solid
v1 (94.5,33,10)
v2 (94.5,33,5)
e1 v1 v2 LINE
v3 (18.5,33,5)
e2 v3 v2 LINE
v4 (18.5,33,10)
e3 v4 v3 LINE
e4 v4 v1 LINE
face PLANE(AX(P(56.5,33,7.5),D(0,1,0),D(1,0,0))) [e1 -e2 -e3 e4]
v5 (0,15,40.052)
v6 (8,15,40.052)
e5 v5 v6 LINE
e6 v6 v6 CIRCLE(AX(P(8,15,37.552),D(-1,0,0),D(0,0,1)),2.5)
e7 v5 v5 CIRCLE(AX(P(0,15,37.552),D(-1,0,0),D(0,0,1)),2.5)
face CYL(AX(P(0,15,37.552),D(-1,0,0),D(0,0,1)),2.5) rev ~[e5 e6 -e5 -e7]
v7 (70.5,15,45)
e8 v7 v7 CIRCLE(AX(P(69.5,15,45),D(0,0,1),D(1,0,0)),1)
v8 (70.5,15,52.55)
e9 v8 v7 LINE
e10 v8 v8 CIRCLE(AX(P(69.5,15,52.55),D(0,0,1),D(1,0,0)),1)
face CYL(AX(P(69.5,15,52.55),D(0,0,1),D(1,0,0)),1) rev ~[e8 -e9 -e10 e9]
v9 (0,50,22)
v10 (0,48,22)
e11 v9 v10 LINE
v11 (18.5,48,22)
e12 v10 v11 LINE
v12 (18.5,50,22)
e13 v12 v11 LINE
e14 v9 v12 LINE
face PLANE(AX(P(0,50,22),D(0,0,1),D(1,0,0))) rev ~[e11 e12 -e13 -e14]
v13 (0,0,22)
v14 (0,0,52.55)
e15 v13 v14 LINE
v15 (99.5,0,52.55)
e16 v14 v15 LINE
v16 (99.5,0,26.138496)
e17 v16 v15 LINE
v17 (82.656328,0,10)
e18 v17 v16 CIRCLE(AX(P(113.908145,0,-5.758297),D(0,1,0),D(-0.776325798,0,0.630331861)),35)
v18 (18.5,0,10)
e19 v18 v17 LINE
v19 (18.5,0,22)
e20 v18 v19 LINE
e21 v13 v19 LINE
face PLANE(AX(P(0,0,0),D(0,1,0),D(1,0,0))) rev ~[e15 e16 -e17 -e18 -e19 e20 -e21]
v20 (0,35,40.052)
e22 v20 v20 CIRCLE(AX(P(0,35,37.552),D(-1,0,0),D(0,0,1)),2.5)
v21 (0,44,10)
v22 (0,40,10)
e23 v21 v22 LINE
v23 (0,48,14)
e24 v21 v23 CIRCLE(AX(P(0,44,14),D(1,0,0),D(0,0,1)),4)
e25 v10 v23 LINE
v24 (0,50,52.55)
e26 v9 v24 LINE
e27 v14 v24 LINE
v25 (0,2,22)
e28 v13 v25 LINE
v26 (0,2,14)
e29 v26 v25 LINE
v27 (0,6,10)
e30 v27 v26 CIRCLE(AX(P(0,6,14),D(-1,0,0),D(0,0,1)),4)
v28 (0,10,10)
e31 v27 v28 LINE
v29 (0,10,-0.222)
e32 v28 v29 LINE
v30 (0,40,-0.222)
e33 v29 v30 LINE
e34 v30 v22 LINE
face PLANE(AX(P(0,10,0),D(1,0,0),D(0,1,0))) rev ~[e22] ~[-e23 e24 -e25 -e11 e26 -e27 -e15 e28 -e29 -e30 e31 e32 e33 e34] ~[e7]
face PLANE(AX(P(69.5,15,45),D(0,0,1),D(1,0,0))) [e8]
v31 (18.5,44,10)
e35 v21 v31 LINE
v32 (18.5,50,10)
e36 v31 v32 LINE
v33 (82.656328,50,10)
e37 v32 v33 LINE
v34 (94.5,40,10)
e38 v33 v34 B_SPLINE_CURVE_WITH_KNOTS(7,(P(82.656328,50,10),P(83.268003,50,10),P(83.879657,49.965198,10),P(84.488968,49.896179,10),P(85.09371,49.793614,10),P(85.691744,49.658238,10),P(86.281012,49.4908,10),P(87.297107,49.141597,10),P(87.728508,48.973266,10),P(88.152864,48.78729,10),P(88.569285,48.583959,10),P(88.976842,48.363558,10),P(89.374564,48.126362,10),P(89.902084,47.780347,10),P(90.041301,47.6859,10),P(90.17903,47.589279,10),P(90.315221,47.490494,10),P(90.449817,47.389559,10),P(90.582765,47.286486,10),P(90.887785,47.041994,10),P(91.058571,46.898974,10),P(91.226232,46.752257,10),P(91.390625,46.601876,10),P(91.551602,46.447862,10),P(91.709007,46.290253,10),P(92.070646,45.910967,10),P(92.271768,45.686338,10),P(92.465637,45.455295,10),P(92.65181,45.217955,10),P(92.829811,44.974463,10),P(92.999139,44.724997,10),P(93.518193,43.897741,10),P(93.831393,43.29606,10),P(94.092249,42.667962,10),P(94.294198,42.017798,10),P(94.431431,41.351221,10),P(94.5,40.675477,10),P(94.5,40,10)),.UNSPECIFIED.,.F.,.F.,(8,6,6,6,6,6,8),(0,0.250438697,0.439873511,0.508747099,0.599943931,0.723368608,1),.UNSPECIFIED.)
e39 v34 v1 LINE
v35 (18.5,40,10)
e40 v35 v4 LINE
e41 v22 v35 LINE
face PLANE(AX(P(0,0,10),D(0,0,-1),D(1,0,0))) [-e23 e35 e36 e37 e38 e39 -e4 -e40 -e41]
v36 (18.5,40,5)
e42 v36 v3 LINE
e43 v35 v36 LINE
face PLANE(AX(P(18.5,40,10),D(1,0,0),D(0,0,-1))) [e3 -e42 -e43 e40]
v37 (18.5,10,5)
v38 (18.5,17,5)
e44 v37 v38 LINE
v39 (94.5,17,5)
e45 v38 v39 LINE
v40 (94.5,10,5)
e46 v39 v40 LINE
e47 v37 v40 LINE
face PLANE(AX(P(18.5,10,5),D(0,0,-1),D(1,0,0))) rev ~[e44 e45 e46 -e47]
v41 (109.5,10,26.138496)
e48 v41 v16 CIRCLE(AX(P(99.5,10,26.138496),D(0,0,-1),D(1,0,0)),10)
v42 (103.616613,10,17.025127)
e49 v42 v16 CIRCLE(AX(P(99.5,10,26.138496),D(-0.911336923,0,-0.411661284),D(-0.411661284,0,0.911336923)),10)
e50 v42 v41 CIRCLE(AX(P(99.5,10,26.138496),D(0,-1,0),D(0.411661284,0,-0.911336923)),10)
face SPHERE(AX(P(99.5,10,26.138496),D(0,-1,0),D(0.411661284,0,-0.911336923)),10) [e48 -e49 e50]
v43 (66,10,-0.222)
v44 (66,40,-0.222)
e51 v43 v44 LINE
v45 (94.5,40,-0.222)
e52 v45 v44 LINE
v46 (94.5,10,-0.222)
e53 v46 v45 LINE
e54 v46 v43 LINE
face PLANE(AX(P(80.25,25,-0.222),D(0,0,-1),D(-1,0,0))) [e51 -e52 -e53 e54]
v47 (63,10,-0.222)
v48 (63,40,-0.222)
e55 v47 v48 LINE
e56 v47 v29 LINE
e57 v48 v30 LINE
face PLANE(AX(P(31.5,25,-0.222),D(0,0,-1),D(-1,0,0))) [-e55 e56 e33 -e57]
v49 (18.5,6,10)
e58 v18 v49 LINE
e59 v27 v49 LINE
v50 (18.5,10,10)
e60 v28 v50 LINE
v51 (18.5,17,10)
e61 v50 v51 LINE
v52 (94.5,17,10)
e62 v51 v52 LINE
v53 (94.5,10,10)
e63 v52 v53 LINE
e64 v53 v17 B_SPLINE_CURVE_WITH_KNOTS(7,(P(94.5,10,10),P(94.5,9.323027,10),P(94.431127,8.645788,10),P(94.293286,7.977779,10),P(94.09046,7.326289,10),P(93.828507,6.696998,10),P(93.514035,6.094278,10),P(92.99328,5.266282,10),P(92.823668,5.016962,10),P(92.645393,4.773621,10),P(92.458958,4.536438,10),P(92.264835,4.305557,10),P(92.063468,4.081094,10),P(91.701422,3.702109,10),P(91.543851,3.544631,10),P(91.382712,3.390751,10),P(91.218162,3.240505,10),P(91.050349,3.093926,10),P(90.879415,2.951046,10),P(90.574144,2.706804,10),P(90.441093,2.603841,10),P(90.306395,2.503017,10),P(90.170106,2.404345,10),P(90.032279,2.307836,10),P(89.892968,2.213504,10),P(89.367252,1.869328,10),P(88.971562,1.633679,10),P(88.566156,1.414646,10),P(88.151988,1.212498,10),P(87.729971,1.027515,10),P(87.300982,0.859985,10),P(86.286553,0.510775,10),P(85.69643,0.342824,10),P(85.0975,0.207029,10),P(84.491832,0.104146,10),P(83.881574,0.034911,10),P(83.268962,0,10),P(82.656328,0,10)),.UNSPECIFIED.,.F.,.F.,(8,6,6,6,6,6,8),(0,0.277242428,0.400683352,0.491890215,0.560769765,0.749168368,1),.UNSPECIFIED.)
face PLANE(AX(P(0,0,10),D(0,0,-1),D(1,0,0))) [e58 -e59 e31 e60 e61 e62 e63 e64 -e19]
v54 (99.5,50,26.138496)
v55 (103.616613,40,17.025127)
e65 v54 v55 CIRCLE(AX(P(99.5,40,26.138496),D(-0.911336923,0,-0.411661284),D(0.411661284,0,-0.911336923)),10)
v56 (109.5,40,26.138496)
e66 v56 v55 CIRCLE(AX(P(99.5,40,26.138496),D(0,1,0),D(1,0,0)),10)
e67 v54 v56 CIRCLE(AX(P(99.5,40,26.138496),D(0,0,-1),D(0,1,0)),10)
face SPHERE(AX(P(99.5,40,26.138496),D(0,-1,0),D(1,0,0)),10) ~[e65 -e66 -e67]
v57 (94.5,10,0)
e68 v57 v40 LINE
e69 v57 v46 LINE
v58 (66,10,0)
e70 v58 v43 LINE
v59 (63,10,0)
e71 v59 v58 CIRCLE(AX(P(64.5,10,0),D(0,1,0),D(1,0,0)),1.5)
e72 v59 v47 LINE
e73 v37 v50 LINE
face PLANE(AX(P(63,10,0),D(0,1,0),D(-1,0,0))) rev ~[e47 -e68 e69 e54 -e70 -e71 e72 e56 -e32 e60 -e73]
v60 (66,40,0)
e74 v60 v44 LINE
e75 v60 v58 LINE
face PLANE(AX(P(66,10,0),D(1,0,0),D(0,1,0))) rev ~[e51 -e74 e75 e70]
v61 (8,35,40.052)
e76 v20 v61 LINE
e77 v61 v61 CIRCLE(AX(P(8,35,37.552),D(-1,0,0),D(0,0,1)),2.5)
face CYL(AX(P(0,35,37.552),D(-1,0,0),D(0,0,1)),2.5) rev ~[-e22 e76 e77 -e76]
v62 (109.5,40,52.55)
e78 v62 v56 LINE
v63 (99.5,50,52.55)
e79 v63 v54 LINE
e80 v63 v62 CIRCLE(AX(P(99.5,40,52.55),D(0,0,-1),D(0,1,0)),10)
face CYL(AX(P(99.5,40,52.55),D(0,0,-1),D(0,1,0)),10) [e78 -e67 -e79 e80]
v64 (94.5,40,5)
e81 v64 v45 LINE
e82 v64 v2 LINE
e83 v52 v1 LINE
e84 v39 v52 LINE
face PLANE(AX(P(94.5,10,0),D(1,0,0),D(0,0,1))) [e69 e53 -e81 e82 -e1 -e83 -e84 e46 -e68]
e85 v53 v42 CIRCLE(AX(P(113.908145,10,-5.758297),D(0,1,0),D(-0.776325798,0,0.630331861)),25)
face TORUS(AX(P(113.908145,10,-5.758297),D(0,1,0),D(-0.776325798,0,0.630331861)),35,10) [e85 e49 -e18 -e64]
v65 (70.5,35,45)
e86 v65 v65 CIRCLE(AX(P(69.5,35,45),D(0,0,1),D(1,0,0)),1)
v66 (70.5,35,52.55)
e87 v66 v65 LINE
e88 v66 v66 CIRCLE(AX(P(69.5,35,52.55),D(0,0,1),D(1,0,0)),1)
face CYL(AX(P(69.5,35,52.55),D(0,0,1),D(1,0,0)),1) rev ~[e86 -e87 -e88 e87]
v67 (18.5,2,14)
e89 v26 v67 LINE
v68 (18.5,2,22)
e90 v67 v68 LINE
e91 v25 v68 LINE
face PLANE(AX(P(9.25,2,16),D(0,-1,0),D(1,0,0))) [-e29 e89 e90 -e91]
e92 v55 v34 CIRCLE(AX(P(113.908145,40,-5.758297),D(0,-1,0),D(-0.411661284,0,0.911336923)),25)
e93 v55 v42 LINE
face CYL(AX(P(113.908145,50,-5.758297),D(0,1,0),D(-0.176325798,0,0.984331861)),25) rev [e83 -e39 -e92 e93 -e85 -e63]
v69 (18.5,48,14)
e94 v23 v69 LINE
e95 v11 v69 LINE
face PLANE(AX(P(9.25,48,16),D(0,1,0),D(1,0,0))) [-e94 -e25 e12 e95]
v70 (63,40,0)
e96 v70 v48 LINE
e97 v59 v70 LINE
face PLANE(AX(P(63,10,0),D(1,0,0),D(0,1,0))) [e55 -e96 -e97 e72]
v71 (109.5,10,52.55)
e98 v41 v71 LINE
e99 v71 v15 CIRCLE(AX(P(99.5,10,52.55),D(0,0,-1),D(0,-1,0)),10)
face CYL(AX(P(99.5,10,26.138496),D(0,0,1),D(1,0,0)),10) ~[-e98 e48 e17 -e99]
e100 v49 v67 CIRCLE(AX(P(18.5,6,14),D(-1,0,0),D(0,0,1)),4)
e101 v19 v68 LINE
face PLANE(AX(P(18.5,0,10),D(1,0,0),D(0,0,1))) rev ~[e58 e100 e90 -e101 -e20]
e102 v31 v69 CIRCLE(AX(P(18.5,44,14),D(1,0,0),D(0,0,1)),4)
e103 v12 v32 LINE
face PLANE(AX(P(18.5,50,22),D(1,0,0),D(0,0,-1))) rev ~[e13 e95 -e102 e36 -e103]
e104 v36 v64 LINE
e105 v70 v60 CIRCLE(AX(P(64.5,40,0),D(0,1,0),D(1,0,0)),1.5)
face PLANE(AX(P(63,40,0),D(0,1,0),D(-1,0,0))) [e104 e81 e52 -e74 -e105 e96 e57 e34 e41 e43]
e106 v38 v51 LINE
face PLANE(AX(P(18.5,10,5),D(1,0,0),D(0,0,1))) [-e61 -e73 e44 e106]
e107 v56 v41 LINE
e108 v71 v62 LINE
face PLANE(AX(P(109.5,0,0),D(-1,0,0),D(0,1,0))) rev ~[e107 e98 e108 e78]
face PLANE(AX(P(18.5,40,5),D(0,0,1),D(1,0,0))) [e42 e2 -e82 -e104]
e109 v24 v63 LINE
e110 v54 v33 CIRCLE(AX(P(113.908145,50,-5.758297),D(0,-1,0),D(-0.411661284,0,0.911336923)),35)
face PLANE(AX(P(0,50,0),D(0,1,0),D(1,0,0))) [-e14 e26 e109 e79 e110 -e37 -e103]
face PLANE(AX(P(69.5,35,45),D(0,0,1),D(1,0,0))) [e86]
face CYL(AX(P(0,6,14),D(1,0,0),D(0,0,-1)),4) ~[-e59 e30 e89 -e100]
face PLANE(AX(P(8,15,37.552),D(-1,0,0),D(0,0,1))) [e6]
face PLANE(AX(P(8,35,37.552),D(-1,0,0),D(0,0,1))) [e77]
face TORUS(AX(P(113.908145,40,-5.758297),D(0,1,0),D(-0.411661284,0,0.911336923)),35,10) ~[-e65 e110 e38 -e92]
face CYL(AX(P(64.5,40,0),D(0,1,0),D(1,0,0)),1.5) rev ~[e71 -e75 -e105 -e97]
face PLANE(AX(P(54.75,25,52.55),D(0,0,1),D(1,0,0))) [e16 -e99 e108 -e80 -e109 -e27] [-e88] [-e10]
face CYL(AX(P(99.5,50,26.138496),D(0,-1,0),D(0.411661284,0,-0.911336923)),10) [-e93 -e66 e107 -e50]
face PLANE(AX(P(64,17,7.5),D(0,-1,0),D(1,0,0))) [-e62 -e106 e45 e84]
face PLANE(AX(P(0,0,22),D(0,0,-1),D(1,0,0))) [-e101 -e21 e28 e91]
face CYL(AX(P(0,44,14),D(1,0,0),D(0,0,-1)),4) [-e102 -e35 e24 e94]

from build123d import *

# Parameters (mm, degrees)
SKETCH1_W           = 109.5
SKETCH1_H           = 50
BOSS_EXTRUDE1_DEPTH = 52.55
SKETCH2_W           = 109.5
SKETCH2_H           = 10
CUT_EXTRUDE1_DEPTH  = 10
SKETCH3_W           = 18.5
SKETCH3_H           = 12
CUT_EXTRUDE2_DEPTH  = 2
FILLET1_R           = 4
SKETCH4_W           = 91
SKETCH4_H           = 5
CUT_EXTRUDE3_DEPTH  = 7
SKETCH5_W           = 23.393715289
SKETCH5_H           = 10
CUT_EXTRUDE4_DEPTH  = 128.873971159
SKETCH6_W           = 94.5
SKETCH6_H           = 10
CUT_EXTRUDE5_DEPTH  = 10
SKETCH8_W           = 18.5
SKETCH8_H           = 12
CUT_EXTRUDE6_DEPTH  = 2
FILLET2_R           = 4
SKETCH9_W           = 76
SKETCH9_H           = 5
CUT_EXTRUDE7_DEPTH  = 7
SKETCH10_R          = 1.5
CUT_EXTRUDE8_DEPTH  = 128.873971159
SKETCH11_R          = 1
CUT_EXTRUDE9_DEPTH  = 7.55
CUT_EXTRUDE10_DEPTH = 132.34592685
FILLET3_R           = 10
SKETCH13_R          = 2.5
CUT_EXTRUDE11_DEPTH = 8
FILLET4_R           = 10
FILLET5_R           = 10
SKETCH15_W          = 63
SKETCH15_H          = 30
SKETCH15_W_2        = 28.5
BOSS_EXTRUDE2_DEPTH = 0.222


with BuildPart() as part:
    # Sketch1 → Boss-Extrude1 (new body)
    with BuildSketch(Plane.XY):
        with Locations((54.75, 25)):
            Rectangle(SKETCH1_W, SKETCH1_H)
    extrude(amount=BOSS_EXTRUDE1_DEPTH)

    # Sketch2 → Cut-Extrude1 (cut)
    with BuildSketch(Plane.XZ):
        with Locations((54.75, 5)):
            Rectangle(SKETCH2_W, SKETCH2_H)
    extrude(amount=-CUT_EXTRUDE1_DEPTH, mode=Mode.SUBTRACT)

    # Sketch3 → Cut-Extrude2 (cut)
    with BuildSketch(Plane.XZ):
        with Locations((9.25, 16)):
            Rectangle(SKETCH3_W, SKETCH3_H)
    extrude(amount=-CUT_EXTRUDE2_DEPTH, mode=Mode.SUBTRACT)

    # Fillet1
    fillet1_edges = [part.edges().sort_by_distance(p)[0] for p in [
        (9.25, 2, 10),
    ]]
    fillet(fillet1_edges, radius=FILLET1_R)

    # Sketch4 → Cut-Extrude3 (cut)
    with BuildSketch(Plane.XZ.offset(-10)):
        with Locations((64, 7.5)):
            Rectangle(SKETCH4_W, SKETCH4_H)
    extrude(amount=-CUT_EXTRUDE3_DEPTH, mode=Mode.SUBTRACT)

    # Sketch5 → Cut-Extrude4 (cut, through all)
    with BuildSketch(Plane.XZ.offset(-10)):
        with Locations((106.196857644, 5)):
            Rectangle(SKETCH5_W, SKETCH5_H)
    extrude(amount=-CUT_EXTRUDE4_DEPTH, mode=Mode.SUBTRACT)

    # Sketch6 → Cut-Extrude5 (cut)
    with BuildSketch(Plane(origin=(0, 50, 0), x_dir=(1, 0, 0), z_dir=(0, 1, 0))):
        with Locations((47.25, -5)):
            Rectangle(SKETCH6_W, SKETCH6_H)
    extrude(amount=-CUT_EXTRUDE5_DEPTH, mode=Mode.SUBTRACT)

    # Sketch8 → Cut-Extrude6 (cut)
    with BuildSketch(Plane(origin=(0, 50, 0), x_dir=(1, 0, 0), z_dir=(0, 1, 0))):
        with Locations((9.25, -16)):
            Rectangle(SKETCH8_W, SKETCH8_H)
    extrude(amount=-CUT_EXTRUDE6_DEPTH, mode=Mode.SUBTRACT)

    # Fillet2
    fillet2_edges = [part.edges().sort_by_distance(p)[0] for p in [
        (9.25, 48, 10),
    ]]
    fillet(fillet2_edges, radius=FILLET2_R)

    # Sketch9 → Cut-Extrude7 (cut)
    with BuildSketch(Plane(origin=(0, 40, 0), x_dir=(1, 0, 0), z_dir=(0, 1, 0))):
        with Locations((56.5, -7.5)):
            Rectangle(SKETCH9_W, SKETCH9_H)
    extrude(amount=-CUT_EXTRUDE7_DEPTH, mode=Mode.SUBTRACT)

    # Sketch10 → Cut-Extrude8 (cut, through all)
    with BuildSketch(Plane(origin=(0, 40, 0), x_dir=(1, 0, 0), z_dir=(0, 1, 0))):
        with Locations((64.5, 0)):
            Circle(SKETCH10_R)
    extrude(amount=-CUT_EXTRUDE8_DEPTH, mode=Mode.SUBTRACT)

    # Sketch11 → Cut-Extrude9 (cut)
    with BuildSketch(Plane.XY.offset(52.55)):
        with Locations((69.5, 15)):
            Circle(SKETCH11_R)
        with Locations((69.5, 35)):
            Circle(SKETCH11_R)
    extrude(amount=-CUT_EXTRUDE9_DEPTH, mode=Mode.SUBTRACT)

    # Sketch12 → Cut-Extrude10 (cut, through all)
    with BuildSketch(Plane(origin=(0, 50, 0), x_dir=(1, 0, 0), z_dir=(0, 1, 0))):
        with BuildLine():
            Line((94.5, -10), (109.5, -10))
            Line((109.5, -10), (109.5, -18.85))
            ThreePointArc((109.5, -18.85), (101.204423403, -15.77343491), (94.5, -10))
        make_face()
    extrude(amount=-CUT_EXTRUDE10_DEPTH, mode=Mode.SUBTRACT)

    # Fillet3
    fillet3_edges = [part.edges().sort_by_distance(p)[0] for p in [
        (109.5, 25, 18.85),
    ]]
    fillet(fillet3_edges, radius=FILLET3_R)

    # Sketch13 → Cut-Extrude11 (cut)
    with BuildSketch(Plane.ZY):
        with Locations((37.552, 35)):
            Circle(SKETCH13_R)
        with Locations((37.552, 15)):
            Circle(SKETCH13_R)
    extrude(amount=-CUT_EXTRUDE11_DEPTH, mode=Mode.SUBTRACT)

    # Fillet4
    fillet4_edges = [part.edges().sort_by_distance(p)[0] for p in [
        (98.648531421, 50, 14.04433448),
        (107.901372758, 50, 20.714757596),
        (109.5, 50, 39.344247885),
    ]]
    fillet(fillet4_edges, radius=FILLET4_R)

    # Fillet5
    fillet5_edges = [part.edges().sort_by_distance(p)[0] for p in [
        (98.648531421, 0, 14.04433448),
        (107.901372758, 0, 20.714757596),
        (109.5, 0, 39.344247885),
    ]]
    fillet(fillet5_edges, radius=FILLET5_R)

    # Sketch15 → Boss-Extrude2 (add)
    with BuildSketch(Plane(origin=(0, 0, 0), x_dir=(-1, 0, 0), z_dir=(0, 0, -1))):
        with Locations((-31.5, 25)):
            Rectangle(SKETCH15_W, SKETCH15_H)
        with Locations((-80.25, 25)):
            Rectangle(SKETCH15_W_2, SKETCH15_H)
    extrude(amount=BOSS_EXTRUDE2_DEPTH)


solid = part.part
